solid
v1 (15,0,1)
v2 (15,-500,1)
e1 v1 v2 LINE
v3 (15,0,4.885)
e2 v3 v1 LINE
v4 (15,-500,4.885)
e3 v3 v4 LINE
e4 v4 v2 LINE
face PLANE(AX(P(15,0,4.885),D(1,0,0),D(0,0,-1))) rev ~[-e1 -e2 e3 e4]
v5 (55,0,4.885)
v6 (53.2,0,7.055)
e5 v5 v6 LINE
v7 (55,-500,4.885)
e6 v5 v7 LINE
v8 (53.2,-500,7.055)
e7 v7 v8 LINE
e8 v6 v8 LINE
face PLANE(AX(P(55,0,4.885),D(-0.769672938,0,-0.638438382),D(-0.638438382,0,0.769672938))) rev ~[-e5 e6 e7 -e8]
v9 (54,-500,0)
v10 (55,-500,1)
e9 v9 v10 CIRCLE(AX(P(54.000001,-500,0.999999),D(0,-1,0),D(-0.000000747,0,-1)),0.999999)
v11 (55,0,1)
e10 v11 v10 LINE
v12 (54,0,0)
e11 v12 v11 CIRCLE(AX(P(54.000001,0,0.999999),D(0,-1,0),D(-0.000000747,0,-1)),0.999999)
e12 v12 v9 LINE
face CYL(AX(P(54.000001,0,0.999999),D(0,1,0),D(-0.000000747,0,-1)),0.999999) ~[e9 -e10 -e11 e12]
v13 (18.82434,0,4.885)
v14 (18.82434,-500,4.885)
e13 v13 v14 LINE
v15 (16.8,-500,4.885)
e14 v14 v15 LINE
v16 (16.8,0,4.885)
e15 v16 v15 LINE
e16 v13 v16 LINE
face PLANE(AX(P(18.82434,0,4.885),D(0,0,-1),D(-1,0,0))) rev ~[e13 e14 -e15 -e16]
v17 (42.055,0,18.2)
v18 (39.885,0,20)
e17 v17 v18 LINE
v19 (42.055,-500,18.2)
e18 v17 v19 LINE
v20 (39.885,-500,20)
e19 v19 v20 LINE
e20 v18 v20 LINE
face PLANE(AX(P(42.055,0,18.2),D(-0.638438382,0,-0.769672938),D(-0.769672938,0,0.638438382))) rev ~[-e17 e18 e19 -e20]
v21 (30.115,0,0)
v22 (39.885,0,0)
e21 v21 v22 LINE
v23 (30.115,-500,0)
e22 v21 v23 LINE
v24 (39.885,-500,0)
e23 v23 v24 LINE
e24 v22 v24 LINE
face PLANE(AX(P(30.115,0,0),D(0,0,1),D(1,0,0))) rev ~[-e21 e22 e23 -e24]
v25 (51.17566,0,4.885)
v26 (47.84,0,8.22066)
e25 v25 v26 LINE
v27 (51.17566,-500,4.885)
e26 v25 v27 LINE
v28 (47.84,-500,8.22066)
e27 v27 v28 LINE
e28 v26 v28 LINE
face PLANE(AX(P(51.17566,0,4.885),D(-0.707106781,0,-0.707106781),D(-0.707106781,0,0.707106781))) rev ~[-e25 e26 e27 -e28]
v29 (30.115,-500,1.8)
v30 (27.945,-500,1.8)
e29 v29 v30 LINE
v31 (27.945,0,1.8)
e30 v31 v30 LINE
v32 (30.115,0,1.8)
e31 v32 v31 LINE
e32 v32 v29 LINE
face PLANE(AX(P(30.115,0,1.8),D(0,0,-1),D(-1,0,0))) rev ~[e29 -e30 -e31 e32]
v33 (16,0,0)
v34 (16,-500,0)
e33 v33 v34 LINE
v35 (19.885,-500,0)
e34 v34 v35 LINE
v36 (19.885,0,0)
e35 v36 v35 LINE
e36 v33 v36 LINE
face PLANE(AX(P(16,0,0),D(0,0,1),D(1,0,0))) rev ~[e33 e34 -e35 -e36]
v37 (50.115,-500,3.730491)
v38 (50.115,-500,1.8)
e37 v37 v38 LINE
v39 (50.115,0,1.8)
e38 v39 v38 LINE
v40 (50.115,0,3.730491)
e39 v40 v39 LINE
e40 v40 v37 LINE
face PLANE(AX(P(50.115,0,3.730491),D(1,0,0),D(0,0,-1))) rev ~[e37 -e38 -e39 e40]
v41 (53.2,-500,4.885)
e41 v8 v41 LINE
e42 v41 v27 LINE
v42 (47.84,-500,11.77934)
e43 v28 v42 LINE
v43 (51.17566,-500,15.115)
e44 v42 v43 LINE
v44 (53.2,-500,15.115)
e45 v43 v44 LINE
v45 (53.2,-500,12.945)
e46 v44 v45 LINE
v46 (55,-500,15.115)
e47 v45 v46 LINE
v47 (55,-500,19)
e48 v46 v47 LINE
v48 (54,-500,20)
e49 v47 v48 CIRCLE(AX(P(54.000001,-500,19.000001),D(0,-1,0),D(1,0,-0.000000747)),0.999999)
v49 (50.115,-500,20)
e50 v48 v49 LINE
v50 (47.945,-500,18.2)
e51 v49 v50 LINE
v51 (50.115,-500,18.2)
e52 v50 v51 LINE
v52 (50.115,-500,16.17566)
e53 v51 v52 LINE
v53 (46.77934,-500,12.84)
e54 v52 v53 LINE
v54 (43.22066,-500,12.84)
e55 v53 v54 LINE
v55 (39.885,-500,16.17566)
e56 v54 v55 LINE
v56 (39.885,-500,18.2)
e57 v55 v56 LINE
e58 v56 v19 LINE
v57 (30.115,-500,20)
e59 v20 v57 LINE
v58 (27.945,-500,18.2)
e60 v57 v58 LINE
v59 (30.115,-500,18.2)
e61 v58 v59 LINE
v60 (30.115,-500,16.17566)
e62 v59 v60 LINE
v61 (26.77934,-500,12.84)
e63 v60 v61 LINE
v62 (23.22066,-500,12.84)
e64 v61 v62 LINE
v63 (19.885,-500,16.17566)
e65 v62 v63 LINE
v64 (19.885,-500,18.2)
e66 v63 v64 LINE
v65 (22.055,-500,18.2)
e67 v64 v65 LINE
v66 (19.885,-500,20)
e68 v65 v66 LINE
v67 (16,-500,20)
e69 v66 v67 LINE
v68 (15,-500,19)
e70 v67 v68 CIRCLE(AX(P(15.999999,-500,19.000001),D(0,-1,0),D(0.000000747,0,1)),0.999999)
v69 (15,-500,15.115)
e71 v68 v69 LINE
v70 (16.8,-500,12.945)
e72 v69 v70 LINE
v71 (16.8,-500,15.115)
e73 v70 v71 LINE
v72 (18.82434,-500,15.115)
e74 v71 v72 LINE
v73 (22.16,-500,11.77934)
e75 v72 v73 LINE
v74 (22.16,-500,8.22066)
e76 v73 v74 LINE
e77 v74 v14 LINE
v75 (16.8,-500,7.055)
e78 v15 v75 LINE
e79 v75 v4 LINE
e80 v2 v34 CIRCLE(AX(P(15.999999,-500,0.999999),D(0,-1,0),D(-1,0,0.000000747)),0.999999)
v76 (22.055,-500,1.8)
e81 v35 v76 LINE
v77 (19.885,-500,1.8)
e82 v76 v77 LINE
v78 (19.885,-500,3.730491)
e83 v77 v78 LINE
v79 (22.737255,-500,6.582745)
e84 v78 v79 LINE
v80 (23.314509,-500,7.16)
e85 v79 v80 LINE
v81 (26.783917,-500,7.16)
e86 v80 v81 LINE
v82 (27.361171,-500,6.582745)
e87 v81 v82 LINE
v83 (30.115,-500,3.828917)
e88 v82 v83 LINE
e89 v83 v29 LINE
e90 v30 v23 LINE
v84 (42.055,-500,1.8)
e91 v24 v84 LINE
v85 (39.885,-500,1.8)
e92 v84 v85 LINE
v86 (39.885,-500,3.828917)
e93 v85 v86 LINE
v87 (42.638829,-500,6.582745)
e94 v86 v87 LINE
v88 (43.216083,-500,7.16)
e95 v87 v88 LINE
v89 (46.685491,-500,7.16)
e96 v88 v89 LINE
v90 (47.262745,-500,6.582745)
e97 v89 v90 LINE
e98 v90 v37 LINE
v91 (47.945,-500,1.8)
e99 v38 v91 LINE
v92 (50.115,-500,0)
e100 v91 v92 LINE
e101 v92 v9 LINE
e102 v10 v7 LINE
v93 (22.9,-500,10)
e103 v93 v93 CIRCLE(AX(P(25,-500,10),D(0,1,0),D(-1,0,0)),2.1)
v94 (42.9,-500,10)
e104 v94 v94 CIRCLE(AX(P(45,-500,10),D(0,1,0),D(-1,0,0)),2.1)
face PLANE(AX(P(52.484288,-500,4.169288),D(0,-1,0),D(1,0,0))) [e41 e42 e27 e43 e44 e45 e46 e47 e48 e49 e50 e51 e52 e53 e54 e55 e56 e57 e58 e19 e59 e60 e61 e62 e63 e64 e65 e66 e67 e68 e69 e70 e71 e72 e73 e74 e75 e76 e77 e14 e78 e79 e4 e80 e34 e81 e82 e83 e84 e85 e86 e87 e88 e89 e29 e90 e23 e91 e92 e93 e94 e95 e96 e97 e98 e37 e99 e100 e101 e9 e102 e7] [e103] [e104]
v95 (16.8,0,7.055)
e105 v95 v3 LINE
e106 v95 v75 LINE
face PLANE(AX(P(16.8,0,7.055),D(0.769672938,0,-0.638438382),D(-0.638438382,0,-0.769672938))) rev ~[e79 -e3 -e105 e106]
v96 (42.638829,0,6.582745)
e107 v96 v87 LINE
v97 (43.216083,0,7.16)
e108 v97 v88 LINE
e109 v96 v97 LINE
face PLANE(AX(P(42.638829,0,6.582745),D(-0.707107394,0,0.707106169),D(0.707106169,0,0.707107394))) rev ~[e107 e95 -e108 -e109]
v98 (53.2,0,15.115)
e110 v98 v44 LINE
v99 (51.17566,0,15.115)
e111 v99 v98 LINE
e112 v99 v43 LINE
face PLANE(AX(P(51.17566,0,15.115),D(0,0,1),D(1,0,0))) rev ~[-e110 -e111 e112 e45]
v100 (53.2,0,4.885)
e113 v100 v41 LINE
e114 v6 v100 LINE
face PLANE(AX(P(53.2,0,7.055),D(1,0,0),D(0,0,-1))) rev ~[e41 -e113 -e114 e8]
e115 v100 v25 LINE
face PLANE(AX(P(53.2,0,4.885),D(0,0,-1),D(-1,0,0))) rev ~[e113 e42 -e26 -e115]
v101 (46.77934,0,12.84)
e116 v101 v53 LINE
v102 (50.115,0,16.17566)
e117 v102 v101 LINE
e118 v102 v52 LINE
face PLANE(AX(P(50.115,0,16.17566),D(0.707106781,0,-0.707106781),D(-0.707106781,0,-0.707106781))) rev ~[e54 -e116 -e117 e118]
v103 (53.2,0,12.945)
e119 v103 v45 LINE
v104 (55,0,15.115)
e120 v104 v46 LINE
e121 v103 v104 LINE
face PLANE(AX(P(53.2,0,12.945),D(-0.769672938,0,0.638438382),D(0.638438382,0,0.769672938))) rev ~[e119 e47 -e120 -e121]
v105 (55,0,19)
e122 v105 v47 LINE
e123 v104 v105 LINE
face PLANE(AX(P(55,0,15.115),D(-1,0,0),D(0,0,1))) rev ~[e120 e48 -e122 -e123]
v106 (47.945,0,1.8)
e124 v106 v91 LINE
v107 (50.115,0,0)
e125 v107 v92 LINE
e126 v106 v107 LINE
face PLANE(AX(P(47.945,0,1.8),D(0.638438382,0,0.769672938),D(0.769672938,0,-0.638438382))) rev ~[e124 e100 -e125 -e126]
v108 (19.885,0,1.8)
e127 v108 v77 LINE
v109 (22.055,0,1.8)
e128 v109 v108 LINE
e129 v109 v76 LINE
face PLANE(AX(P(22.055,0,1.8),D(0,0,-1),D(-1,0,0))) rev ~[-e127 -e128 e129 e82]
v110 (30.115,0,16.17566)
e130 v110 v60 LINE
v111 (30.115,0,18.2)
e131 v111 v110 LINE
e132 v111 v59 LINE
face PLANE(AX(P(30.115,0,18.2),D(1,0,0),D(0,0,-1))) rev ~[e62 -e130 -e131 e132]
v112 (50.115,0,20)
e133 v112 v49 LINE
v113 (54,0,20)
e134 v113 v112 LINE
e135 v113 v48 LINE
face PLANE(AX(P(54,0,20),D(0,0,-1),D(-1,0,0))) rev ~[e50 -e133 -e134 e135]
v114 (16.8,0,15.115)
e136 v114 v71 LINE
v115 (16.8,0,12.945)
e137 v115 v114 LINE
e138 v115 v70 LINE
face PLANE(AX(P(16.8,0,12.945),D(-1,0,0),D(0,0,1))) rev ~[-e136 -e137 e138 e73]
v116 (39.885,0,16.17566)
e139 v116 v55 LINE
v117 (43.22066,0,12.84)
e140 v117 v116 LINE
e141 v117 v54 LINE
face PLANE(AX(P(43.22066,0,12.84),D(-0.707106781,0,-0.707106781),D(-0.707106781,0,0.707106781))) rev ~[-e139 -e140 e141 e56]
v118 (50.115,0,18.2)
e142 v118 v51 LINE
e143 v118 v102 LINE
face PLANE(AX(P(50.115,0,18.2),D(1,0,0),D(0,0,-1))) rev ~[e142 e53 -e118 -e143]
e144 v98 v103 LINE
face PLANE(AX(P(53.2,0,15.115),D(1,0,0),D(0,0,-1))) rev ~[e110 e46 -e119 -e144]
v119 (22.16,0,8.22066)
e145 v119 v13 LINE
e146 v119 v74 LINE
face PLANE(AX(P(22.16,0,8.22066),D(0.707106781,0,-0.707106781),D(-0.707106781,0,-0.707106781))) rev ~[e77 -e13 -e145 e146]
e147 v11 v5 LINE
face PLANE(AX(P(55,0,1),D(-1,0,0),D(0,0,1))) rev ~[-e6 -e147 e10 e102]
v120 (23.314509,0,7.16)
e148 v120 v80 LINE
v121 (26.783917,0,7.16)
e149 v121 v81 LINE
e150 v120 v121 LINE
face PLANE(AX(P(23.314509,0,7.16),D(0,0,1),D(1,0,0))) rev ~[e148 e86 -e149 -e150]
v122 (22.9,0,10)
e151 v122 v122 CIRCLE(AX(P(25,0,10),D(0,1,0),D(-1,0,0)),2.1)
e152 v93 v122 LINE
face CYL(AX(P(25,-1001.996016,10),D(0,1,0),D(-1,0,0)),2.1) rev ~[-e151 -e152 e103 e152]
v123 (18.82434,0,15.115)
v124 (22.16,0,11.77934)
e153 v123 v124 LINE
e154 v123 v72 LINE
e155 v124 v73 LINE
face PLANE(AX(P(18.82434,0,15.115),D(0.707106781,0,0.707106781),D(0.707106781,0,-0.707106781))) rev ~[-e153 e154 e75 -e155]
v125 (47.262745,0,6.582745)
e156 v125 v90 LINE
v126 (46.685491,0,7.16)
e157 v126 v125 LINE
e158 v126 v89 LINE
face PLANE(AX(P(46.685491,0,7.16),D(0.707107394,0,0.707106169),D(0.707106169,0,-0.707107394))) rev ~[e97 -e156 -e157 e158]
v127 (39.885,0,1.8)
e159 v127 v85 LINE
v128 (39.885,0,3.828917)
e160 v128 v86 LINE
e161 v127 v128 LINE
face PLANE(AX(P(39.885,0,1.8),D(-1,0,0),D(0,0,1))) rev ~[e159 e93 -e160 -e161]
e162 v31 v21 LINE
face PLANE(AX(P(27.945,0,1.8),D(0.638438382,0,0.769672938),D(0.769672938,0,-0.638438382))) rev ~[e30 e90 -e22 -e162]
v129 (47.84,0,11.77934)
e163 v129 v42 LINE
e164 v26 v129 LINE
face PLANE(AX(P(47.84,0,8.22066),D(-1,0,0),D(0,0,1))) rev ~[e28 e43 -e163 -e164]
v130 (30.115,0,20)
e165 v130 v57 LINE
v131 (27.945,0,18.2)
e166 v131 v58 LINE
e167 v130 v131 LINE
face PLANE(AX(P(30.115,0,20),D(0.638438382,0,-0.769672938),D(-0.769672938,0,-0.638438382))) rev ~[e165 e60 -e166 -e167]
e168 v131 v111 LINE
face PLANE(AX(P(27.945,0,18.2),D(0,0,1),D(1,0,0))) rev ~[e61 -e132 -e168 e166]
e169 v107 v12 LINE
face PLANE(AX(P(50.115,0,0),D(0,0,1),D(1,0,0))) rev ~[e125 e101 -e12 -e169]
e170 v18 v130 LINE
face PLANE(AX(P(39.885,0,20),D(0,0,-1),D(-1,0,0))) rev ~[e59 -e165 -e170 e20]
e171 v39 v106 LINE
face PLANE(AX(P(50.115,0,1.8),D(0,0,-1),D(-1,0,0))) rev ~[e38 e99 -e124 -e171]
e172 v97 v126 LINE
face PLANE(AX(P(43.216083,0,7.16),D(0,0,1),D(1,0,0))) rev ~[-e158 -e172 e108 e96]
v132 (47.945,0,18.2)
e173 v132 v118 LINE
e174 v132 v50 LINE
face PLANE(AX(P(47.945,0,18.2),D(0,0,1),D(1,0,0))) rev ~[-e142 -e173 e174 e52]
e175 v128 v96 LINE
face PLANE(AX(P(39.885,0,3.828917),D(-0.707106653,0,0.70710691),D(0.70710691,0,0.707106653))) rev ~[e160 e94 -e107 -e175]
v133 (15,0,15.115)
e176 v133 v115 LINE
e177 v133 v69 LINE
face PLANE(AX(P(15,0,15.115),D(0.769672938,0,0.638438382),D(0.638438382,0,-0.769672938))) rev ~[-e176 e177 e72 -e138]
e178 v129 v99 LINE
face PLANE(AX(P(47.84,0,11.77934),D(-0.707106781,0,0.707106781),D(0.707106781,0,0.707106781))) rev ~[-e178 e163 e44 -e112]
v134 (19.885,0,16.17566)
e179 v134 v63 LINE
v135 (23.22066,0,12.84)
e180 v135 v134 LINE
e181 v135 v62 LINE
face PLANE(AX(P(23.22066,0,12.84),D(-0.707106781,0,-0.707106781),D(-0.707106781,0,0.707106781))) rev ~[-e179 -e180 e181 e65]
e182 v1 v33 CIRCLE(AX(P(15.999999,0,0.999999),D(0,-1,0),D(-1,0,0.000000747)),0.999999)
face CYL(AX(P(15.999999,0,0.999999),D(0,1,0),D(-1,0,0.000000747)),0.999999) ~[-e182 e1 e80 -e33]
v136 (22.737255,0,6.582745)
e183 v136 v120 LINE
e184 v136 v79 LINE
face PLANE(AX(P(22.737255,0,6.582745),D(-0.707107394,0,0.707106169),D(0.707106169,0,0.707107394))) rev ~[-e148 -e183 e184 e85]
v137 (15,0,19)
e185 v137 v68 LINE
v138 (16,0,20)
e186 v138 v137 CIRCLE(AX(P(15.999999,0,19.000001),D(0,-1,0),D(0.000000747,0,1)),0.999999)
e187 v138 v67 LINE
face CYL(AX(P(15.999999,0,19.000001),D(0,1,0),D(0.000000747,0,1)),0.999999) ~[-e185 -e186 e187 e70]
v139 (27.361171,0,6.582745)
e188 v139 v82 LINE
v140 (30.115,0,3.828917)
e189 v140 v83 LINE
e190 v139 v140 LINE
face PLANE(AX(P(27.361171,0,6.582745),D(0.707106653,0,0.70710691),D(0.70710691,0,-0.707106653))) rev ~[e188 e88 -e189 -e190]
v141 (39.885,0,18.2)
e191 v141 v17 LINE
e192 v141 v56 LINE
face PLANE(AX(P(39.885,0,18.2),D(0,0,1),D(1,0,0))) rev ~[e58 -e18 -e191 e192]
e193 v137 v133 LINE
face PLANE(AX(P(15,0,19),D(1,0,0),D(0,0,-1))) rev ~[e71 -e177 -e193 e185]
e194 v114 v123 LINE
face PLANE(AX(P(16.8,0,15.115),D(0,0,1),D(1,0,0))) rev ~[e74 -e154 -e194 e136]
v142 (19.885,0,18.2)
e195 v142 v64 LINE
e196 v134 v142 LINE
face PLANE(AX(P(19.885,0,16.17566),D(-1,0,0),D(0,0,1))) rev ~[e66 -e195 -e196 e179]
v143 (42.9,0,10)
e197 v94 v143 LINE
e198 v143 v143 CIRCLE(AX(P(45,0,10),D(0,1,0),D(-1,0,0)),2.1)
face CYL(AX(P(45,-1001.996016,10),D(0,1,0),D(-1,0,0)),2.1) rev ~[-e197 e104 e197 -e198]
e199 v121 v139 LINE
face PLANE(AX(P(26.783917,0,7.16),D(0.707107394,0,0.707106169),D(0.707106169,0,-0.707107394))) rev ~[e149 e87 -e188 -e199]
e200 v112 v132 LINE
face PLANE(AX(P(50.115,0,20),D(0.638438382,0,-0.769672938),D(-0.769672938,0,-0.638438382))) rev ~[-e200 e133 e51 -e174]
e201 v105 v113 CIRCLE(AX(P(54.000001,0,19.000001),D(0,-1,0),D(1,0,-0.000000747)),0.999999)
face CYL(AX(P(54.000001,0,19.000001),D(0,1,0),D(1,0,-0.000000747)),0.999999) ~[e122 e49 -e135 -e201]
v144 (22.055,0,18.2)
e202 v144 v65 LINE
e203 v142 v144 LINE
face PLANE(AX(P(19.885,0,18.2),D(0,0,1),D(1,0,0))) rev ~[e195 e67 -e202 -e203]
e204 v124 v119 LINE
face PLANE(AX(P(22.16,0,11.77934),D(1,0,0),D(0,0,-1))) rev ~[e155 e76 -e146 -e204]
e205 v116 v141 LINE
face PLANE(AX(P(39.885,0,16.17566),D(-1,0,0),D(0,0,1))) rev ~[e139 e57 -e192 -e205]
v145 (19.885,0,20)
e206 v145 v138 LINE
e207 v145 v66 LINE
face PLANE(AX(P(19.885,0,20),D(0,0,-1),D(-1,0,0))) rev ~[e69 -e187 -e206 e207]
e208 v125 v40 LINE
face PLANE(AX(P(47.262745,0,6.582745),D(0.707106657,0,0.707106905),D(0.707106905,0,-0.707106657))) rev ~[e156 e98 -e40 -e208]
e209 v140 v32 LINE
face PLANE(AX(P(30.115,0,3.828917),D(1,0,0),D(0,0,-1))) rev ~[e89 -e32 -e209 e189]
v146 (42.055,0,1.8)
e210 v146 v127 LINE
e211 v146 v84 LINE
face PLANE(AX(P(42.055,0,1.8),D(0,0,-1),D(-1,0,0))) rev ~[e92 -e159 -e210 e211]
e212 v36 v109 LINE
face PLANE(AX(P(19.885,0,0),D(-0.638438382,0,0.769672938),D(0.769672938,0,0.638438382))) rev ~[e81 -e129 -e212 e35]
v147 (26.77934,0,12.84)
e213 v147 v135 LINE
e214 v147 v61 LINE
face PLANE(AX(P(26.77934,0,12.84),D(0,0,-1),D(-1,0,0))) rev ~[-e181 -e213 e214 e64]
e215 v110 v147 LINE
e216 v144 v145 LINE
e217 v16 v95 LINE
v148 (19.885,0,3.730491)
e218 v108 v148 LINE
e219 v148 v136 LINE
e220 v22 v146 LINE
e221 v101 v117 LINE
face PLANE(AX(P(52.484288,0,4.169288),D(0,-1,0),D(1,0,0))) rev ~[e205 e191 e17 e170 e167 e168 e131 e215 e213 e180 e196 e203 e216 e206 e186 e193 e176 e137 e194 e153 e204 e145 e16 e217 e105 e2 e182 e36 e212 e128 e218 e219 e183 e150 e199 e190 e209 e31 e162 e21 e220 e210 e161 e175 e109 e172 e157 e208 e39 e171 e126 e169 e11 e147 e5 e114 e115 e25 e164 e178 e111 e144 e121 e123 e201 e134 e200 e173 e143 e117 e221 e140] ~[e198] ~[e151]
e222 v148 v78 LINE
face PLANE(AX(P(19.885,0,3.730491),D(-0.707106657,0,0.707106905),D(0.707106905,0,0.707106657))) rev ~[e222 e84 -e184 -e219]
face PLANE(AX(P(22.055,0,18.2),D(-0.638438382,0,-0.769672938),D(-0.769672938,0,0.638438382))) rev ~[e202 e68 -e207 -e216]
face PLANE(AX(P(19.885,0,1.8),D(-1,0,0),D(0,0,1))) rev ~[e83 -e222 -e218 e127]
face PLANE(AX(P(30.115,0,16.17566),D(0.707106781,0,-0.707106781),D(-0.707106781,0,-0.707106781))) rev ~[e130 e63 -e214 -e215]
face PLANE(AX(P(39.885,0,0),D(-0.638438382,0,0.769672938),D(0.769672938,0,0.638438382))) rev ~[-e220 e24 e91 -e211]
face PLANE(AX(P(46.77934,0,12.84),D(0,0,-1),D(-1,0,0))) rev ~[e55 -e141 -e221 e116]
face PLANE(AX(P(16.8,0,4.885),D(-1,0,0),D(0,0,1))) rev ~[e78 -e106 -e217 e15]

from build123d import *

# Parameters (mm, degrees)
F1_DEPTH = 500
F3_D     = 4.2


with BuildPart() as f1:
    # F0 (on Front) → F1 (new body)
    with BuildSketch(Plane.XZ):
        Polygon((51.17566, 4.885), (53.2, 2.86066), (53.2, 4.885), align=None)
        with BuildLine():
            Line((36.8, 7.055), (35, 4.885))
            Line((35, 4.885), (35, 1))
            ThreePointArc((35, 1), (35.292893, 0.292893), (36, 0))
            Line((36, 0), (39.885, 0))
            Line((39.885, 0), (42.055, 1.8))
            Line((42.055, 1.8), (39.885, 1.8))
            Line((39.885, 1.8), (37.856083, 1.8))
            Line((37.856083, 1.8), (36.8, 2.969672))
            Line((36.8, 2.969672), (36.8, 4.885))
            Line((36.8, 4.885), (36.8, 7.055))
        make_face()
        with BuildLine():
            Line((33.2, 2.969672), (32.143917, 1.8))
            Line((32.143917, 1.8), (30.115, 1.8))
            Line((30.115, 1.8), (27.945, 1.8))
            Line((27.945, 1.8), (30.115, 0))
            Line((30.115, 0), (34, 0))
            ThreePointArc((34, 0), (34.707107, 0.292893), (35, 1))
            Line((35, 1), (35, 4.885))
            Line((35, 4.885), (33.2, 7.055))
            Line((33.2, 7.055), (33.2, 4.885))
            Line((33.2, 4.885), (33.2, 2.969672))
        make_face()
        with BuildLine():
            Line((15, 4.885), (15, 1))
            ThreePointArc((15, 1), (15.292893, 0.292893), (16, 0))
            Line((16, 0), (17.954509, 0))
            Line((17.954509, 0), (17.954509, 1.8))
            Line((17.954509, 1.8), (16.8, 2.86066))
            Line((16.8, 2.86066), (16.8, 4.885))
            Line((16.8, 4.885), (16.8, 7.055))
            Line((16.8, 7.055), (15, 4.885))
        make_face()
        with BuildLine():
            Line((53.2, 2.86066), (52.045491, 1.8))
            Line((52.045491, 1.8), (52.045491, 0))
            Line((52.045491, 0), (54, 0))
            ThreePointArc((54, 0), (54.707107, 0.292893), (55, 1))
            Line((55, 1), (55, 4.885))
            Line((55, 4.885), (53.2, 7.055))
            Line((53.2, 7.055), (53.2, 4.885))
            Line((53.2, 4.885), (53.2, 2.86066))
        make_face()
        Polygon((52.045491, 1.8), (50.115, 1.8), (47.945, 1.8), (50.115, 0), (52.045491, 0), align=None)
        Polygon((41.62967, 7.799342), (38.715328, 4.885), (36.8, 2.969672), (37.856083, 1.8), (39.885, 3.828917), (42.638829, 6.582745), (43.216083, 7.16), (46.685491, 7.16), (47.262745, 6.582745), (50.115, 3.730491), (52.045491, 1.8), (53.2, 2.86066), (51.17566, 4.885), (48.37033, 7.69033), (47.84, 8.22066), (47.84, 11.77934), (48.37033, 12.30967), (51.17566, 15.115), (53.2, 17.13934), (52.13934, 18.2), (50.115, 16.17566), (47.30967, 13.37033), (46.77934, 12.84), (43.22066, 12.84), (42.69033, 13.37033), (39.885, 16.17566), (37.86066, 18.2), (36.8, 17.13934), (38.82434, 15.115), (41.62967, 12.30967), (42.16, 11.77934), (42.16, 8.329672), align=None)
        Polygon((17.954509, 1.8), (17.954509, 0), (19.885, 0), (22.055, 1.8), (19.885, 1.8), align=None)
        with BuildLine():
            Line((35, 19), (35, 15.115))
            Line((35, 15.115), (36.8, 12.945))
            Line((36.8, 12.945), (36.8, 15.115))
            Line((36.8, 15.115), (36.8, 17.13934))
            Line((36.8, 17.13934), (37.86066, 18.2))
            Line((37.86066, 18.2), (39.885, 18.2))
            Line((39.885, 18.2), (42.055, 18.2))
            Line((42.055, 18.2), (39.885, 20))
            Line((39.885, 20), (36, 20))
            ThreePointArc((36, 20), (35.292893, 19.707107), (35, 19))
        make_face()
        with BuildLine():
            Line((16.8, 15.115), (16.8, 17.13934))
            Line((16.8, 17.13934), (17.86066, 18.2))
            Line((17.86066, 18.2), (19.885, 18.2))
            Line((19.885, 18.2), (22.055, 18.2))
            Line((22.055, 18.2), (19.885, 20))
            Line((19.885, 20), (16, 20))
            ThreePointArc((16, 20), (15.292893, 19.707107), (15, 19))
            Line((15, 19), (15, 15.115))
            Line((15, 15.115), (16.8, 12.945))
            Line((16.8, 12.945), (16.8, 15.115))
        make_face()
        Polygon((36.8, 17.13934), (36.8, 15.115), (38.82434, 15.115), align=None)
        Polygon((50.115, 18.2), (50.115, 16.17566), (52.13934, 18.2), align=None)
        with BuildLine():
            Line((33.2, 12.945), (35, 15.115))
            Line((35, 15.115), (35, 19))
            ThreePointArc((35, 19), (34.707107, 19.707107), (34, 20))
            Line((34, 20), (30.115, 20))
            Line((30.115, 20), (27.945, 18.2))
            Line((27.945, 18.2), (30.115, 18.2))
            Line((30.115, 18.2), (32.13934, 18.2))
            Line((32.13934, 18.2), (33.2, 17.13934))
            Line((33.2, 17.13934), (33.2, 15.115))
            Line((33.2, 15.115), (33.2, 12.945))
        make_face()
        Polygon((35, 15.115), (35, 4.885), (36.8, 7.055), (36.8, 4.885), (38.715328, 4.885), (41.62967, 7.799342), (42.16, 8.329672), (42.16, 11.77934), (41.62967, 12.30967), (38.82434, 15.115), (36.8, 15.115), (36.8, 12.945), align=None)
        with BuildLine():
            Line((47.945, 18.2), (50.115, 18.2))
            Line((50.115, 18.2), (52.13934, 18.2))
            Line((52.13934, 18.2), (53.2, 17.13934))
            Line((53.2, 17.13934), (53.2, 15.115))
            Line((53.2, 15.115), (53.2, 12.945))
            Line((53.2, 12.945), (55, 15.115))
            Line((55, 15.115), (55, 19))
            ThreePointArc((55, 19), (54.707107, 19.707107), (54, 20))
            Line((54, 20), (50.115, 20))
            Line((50.115, 20), (47.945, 18.2))
        make_face()
        Polygon((16.8, 2.86066), (17.954509, 1.8), (19.885, 3.730491), (22.737255, 6.582745), (23.314509, 7.16), (26.783917, 7.16), (27.361171, 6.582745), (30.115, 3.828917), (32.143917, 1.8), (33.2, 2.969672), (31.284672, 4.885), (28.37033, 7.799342), (27.84, 8.329672), (27.84, 11.77934), (28.37033, 12.30967), (31.17566, 15.115), (33.2, 17.13934), (32.13934, 18.2), (30.115, 16.17566), (27.30967, 13.37033), (26.77934, 12.84), (23.22066, 12.84), (22.69033, 13.37033), (19.885, 16.17566), (17.86066, 18.2), (16.8, 17.13934), (18.82434, 15.115), (21.62967, 12.30967), (22.16, 11.77934), (22.16, 8.22066), (21.62967, 7.69033), (18.82434, 4.885), align=None)
        Polygon((30.115, 18.2), (30.115, 16.17566), (32.13934, 18.2), align=None)
        Polygon((53.2, 15.115), (53.2, 17.13934), (51.17566, 15.115), align=None)
        Polygon((31.284672, 4.885), (33.2, 4.885), (33.2, 7.055), (35, 4.885), (35, 15.115), (33.2, 12.945), (33.2, 15.115), (31.17566, 15.115), (28.37033, 12.30967), (27.84, 11.77934), (27.84, 8.329672), (28.37033, 7.799342), align=None)
        Polygon((19.885, 18.2), (17.86066, 18.2), (19.885, 16.17566), align=None)
        Polygon((18.82434, 4.885), (16.8, 4.885), (16.8, 2.86066), align=None)
        Polygon((32.143917, 1.8), (30.115, 3.828917), (30.115, 1.8), align=None)
        Polygon((39.885, 3.828917), (37.856083, 1.8), (39.885, 1.8), align=None)
        Polygon((16.8, 15.115), (18.82434, 15.115), (16.8, 17.13934), align=None)
        Polygon((52.045491, 1.8), (50.115, 3.730491), (50.115, 1.8), align=None)
        Polygon((39.885, 18.2), (37.86066, 18.2), (39.885, 16.17566), align=None)
        Polygon((31.284672, 4.885), (33.2, 2.969672), (33.2, 4.885), align=None)
        Polygon((31.17566, 15.115), (33.2, 15.115), (33.2, 17.13934), align=None)
        Polygon((38.715328, 4.885), (36.8, 4.885), (36.8, 2.969672), align=None)
        Polygon((19.885, 3.730491), (17.954509, 1.8), (19.885, 1.8), align=None)
        with BuildLine():
            Line((35, 20), (35, 19))
            ThreePointArc((35, 19), (35.292893, 19.707107), (36, 20))
            Line((36, 20), (35, 20))
        make_face()
        with BuildLine():
            ThreePointArc((34, 20), (34.707107, 19.707107), (35, 19))
            Line((35, 19), (35, 20))
            Line((35, 20), (34, 20))
        make_face()
        with BuildLine():
            ThreePointArc((36, 0), (35.292893, 0.292893), (35, 1))
            Line((35, 1), (35, 0))
            Line((35, 0), (36, 0))
        make_face()
        with BuildLine():
            ThreePointArc((35, 1), (34.707107, 0.292893), (34, 0))
            Line((34, 0), (35, 0))
            Line((35, 0), (35, 1))
        make_face()
    extrude(amount=F1_DEPTH)

    # F3 (through all)
    with Locations(Plane.XZ.offset(500)):
        with Locations((45, 10), (25, 10)):
            Hole(F3_D / 2)


solid = f1.part
